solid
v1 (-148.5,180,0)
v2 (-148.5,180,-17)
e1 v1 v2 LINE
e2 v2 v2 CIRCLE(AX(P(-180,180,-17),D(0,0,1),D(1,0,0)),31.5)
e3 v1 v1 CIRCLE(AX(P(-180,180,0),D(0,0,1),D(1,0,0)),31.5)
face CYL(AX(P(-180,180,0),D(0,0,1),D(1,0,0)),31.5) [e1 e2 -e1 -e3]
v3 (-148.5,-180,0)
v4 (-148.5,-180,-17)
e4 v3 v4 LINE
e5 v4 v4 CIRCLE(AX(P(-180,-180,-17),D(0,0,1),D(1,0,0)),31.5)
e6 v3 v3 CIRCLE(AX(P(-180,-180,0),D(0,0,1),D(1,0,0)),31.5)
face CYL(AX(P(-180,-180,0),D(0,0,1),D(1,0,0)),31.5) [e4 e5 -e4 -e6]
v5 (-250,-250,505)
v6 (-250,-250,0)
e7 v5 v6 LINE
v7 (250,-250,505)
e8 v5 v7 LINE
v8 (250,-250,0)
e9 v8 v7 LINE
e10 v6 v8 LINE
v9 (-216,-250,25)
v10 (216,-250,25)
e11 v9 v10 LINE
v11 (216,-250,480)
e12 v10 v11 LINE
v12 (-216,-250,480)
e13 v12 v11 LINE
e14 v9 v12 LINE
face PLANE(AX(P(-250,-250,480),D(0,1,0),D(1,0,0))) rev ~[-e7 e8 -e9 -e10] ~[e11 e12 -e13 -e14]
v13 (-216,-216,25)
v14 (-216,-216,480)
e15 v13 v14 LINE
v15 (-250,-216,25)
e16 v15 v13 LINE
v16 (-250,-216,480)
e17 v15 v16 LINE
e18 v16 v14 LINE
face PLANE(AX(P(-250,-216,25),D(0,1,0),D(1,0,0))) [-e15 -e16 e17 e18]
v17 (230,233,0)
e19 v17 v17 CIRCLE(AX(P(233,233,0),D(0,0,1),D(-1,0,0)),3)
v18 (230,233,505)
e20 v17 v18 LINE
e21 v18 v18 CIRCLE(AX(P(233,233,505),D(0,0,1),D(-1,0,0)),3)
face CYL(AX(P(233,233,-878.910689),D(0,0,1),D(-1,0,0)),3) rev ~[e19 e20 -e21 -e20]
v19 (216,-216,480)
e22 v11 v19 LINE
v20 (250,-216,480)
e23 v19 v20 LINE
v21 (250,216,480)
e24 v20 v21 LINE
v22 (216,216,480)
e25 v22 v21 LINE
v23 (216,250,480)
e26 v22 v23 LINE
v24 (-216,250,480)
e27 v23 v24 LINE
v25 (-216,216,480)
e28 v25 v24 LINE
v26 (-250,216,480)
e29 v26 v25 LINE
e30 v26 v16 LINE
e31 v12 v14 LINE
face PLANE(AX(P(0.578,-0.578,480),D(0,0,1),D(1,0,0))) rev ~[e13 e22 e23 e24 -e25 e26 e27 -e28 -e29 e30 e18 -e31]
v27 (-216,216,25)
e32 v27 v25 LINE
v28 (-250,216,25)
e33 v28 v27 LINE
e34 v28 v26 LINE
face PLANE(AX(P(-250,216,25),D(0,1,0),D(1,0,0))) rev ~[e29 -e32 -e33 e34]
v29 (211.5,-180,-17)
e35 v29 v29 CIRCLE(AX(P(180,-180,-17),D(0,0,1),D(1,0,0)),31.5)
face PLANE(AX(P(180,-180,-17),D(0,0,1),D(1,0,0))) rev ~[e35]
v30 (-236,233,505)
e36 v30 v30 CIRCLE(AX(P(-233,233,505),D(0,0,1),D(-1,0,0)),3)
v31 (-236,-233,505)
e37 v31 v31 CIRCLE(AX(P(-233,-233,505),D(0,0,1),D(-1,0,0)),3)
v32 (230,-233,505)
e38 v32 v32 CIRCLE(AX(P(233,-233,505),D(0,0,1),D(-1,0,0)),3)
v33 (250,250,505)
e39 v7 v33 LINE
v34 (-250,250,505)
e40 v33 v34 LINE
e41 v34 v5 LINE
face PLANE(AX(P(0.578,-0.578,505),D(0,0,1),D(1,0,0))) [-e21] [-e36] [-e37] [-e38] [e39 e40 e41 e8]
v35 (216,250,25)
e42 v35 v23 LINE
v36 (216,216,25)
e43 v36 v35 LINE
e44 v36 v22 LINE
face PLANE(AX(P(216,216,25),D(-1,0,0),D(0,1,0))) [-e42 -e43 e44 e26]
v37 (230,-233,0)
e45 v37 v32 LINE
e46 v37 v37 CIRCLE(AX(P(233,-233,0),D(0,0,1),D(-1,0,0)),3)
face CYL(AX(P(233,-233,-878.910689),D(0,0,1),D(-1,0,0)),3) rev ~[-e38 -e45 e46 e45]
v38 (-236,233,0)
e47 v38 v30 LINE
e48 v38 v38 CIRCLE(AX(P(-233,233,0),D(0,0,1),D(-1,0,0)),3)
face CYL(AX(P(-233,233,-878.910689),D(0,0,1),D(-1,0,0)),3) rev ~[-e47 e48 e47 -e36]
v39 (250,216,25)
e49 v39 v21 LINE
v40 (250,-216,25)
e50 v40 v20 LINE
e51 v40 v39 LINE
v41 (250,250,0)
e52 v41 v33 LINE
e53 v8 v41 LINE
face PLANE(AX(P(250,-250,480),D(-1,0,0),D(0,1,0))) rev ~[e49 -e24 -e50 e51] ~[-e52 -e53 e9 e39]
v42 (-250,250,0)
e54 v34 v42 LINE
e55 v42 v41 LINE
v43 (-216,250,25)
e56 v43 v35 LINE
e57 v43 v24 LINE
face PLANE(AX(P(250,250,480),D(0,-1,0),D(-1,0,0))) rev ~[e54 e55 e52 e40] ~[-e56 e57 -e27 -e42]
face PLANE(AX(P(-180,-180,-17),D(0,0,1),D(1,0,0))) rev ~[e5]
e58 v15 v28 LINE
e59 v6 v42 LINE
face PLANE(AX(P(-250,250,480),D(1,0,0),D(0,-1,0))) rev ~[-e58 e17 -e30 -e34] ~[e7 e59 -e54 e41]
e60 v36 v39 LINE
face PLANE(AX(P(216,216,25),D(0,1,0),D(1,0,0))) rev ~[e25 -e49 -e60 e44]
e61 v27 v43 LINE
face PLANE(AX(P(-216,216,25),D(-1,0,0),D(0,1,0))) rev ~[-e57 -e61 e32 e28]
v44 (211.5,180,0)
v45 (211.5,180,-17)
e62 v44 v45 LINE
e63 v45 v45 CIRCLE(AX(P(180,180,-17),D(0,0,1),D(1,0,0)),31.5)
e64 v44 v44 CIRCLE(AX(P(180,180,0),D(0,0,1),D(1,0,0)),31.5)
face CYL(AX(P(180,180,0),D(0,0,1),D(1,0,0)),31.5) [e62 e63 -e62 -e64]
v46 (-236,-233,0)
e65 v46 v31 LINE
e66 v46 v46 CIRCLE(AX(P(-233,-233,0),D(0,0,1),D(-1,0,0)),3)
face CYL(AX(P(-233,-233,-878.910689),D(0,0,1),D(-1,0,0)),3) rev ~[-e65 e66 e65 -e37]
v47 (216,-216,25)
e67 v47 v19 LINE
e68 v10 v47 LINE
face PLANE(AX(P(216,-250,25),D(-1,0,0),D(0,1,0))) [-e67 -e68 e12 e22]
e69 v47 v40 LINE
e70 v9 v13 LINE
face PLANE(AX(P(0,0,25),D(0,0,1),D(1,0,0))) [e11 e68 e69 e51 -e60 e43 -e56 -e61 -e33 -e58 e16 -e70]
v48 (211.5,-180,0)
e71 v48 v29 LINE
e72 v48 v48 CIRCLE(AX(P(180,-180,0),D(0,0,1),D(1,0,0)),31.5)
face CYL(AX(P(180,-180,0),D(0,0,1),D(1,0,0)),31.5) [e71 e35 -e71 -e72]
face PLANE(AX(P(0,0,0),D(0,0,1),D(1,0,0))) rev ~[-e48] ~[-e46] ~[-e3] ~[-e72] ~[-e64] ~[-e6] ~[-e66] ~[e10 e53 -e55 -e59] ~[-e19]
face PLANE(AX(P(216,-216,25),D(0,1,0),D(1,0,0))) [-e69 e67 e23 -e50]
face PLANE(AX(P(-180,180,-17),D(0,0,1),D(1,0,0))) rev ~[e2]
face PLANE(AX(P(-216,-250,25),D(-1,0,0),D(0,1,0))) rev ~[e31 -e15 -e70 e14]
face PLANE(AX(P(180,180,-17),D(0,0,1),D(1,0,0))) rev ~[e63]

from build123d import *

# Parameters (mm, degrees)
F0_W     = 500
F0_H     = 500
F0_R     = 31.5
F1_DEPTH = 25
F2_W     = 34
F2_H     = 34
F3_DEPTH = 455
F4_W     = 34
F4_H     = 34
F5_DEPTH = 25
F6_DEPTH = 17
F7_D     = 6


with BuildPart() as f1:
    # F0 (on Top) → F1 (new body)
    with BuildSketch(Plane.XY):
        Rectangle(F0_W, F0_H)
        with Locations((-180, -180)):
            Circle(F0_R, mode=Mode.SUBTRACT)
        with Locations((180, -180)):
            Circle(F0_R, mode=Mode.SUBTRACT)
        with Locations((-180, 180)):
            Circle(F0_R, mode=Mode.SUBTRACT)
        with Locations((180, 180)):
            Circle(F0_R, mode=Mode.SUBTRACT)
        with Locations((-180, -180)):
            Circle(F0_R)
        with Locations((180, -180)):
            Circle(F0_R)
        with Locations((-180, 180)):
            Circle(F0_R)
        with Locations((180, 180)):
            Circle(F0_R)
    extrude(amount=F1_DEPTH)

    # F2 (on face) → F3 (join)
    with BuildSketch(Plane.XY.offset(25)):
        with Locations((-233, 233)):
            Rectangle(F2_W, F2_H)
        with Locations((233, 233)):
            Rectangle(F2_W, F2_H)
        with Locations((233, -233)):
            Rectangle(F2_W, F2_H)
        with Locations((-233, -233)):
            Rectangle(F2_W, F2_H)
    extrude(amount=F3_DEPTH)

    # F4 (on face) → F5 (join)
    with BuildSketch(Plane.XY.offset(480)):
        Polygon((-250, -250), (250, -250), (250, 250), (-216, 250), (-216, 216), (-250, 216), align=None)
        with Locations((-233, 233)):
            Rectangle(F4_W, F4_H)
    extrude(amount=F5_DEPTH)

    # F0 (on Top) → F6 (join)
    with BuildSketch(Plane.XY):
        with Locations((-180, -180)):
            Circle(F0_R)
        with Locations((-180, 180)):
            Circle(F0_R)
        with Locations((180, 180)):
            Circle(F0_R)
        with Locations((180, -180)):
            Circle(F0_R)
    extrude(amount=-F6_DEPTH)

    # F7 (through all)
    with Locations(Plane(origin=(0, 0, 0), x_dir=(1, 0, 0), z_dir=(0, 0, -1))):
        with Locations((-233, -233), (233, -233), (233, 233), (-233, 233)):
            Hole(F7_D / 2)


solid = f1.part
